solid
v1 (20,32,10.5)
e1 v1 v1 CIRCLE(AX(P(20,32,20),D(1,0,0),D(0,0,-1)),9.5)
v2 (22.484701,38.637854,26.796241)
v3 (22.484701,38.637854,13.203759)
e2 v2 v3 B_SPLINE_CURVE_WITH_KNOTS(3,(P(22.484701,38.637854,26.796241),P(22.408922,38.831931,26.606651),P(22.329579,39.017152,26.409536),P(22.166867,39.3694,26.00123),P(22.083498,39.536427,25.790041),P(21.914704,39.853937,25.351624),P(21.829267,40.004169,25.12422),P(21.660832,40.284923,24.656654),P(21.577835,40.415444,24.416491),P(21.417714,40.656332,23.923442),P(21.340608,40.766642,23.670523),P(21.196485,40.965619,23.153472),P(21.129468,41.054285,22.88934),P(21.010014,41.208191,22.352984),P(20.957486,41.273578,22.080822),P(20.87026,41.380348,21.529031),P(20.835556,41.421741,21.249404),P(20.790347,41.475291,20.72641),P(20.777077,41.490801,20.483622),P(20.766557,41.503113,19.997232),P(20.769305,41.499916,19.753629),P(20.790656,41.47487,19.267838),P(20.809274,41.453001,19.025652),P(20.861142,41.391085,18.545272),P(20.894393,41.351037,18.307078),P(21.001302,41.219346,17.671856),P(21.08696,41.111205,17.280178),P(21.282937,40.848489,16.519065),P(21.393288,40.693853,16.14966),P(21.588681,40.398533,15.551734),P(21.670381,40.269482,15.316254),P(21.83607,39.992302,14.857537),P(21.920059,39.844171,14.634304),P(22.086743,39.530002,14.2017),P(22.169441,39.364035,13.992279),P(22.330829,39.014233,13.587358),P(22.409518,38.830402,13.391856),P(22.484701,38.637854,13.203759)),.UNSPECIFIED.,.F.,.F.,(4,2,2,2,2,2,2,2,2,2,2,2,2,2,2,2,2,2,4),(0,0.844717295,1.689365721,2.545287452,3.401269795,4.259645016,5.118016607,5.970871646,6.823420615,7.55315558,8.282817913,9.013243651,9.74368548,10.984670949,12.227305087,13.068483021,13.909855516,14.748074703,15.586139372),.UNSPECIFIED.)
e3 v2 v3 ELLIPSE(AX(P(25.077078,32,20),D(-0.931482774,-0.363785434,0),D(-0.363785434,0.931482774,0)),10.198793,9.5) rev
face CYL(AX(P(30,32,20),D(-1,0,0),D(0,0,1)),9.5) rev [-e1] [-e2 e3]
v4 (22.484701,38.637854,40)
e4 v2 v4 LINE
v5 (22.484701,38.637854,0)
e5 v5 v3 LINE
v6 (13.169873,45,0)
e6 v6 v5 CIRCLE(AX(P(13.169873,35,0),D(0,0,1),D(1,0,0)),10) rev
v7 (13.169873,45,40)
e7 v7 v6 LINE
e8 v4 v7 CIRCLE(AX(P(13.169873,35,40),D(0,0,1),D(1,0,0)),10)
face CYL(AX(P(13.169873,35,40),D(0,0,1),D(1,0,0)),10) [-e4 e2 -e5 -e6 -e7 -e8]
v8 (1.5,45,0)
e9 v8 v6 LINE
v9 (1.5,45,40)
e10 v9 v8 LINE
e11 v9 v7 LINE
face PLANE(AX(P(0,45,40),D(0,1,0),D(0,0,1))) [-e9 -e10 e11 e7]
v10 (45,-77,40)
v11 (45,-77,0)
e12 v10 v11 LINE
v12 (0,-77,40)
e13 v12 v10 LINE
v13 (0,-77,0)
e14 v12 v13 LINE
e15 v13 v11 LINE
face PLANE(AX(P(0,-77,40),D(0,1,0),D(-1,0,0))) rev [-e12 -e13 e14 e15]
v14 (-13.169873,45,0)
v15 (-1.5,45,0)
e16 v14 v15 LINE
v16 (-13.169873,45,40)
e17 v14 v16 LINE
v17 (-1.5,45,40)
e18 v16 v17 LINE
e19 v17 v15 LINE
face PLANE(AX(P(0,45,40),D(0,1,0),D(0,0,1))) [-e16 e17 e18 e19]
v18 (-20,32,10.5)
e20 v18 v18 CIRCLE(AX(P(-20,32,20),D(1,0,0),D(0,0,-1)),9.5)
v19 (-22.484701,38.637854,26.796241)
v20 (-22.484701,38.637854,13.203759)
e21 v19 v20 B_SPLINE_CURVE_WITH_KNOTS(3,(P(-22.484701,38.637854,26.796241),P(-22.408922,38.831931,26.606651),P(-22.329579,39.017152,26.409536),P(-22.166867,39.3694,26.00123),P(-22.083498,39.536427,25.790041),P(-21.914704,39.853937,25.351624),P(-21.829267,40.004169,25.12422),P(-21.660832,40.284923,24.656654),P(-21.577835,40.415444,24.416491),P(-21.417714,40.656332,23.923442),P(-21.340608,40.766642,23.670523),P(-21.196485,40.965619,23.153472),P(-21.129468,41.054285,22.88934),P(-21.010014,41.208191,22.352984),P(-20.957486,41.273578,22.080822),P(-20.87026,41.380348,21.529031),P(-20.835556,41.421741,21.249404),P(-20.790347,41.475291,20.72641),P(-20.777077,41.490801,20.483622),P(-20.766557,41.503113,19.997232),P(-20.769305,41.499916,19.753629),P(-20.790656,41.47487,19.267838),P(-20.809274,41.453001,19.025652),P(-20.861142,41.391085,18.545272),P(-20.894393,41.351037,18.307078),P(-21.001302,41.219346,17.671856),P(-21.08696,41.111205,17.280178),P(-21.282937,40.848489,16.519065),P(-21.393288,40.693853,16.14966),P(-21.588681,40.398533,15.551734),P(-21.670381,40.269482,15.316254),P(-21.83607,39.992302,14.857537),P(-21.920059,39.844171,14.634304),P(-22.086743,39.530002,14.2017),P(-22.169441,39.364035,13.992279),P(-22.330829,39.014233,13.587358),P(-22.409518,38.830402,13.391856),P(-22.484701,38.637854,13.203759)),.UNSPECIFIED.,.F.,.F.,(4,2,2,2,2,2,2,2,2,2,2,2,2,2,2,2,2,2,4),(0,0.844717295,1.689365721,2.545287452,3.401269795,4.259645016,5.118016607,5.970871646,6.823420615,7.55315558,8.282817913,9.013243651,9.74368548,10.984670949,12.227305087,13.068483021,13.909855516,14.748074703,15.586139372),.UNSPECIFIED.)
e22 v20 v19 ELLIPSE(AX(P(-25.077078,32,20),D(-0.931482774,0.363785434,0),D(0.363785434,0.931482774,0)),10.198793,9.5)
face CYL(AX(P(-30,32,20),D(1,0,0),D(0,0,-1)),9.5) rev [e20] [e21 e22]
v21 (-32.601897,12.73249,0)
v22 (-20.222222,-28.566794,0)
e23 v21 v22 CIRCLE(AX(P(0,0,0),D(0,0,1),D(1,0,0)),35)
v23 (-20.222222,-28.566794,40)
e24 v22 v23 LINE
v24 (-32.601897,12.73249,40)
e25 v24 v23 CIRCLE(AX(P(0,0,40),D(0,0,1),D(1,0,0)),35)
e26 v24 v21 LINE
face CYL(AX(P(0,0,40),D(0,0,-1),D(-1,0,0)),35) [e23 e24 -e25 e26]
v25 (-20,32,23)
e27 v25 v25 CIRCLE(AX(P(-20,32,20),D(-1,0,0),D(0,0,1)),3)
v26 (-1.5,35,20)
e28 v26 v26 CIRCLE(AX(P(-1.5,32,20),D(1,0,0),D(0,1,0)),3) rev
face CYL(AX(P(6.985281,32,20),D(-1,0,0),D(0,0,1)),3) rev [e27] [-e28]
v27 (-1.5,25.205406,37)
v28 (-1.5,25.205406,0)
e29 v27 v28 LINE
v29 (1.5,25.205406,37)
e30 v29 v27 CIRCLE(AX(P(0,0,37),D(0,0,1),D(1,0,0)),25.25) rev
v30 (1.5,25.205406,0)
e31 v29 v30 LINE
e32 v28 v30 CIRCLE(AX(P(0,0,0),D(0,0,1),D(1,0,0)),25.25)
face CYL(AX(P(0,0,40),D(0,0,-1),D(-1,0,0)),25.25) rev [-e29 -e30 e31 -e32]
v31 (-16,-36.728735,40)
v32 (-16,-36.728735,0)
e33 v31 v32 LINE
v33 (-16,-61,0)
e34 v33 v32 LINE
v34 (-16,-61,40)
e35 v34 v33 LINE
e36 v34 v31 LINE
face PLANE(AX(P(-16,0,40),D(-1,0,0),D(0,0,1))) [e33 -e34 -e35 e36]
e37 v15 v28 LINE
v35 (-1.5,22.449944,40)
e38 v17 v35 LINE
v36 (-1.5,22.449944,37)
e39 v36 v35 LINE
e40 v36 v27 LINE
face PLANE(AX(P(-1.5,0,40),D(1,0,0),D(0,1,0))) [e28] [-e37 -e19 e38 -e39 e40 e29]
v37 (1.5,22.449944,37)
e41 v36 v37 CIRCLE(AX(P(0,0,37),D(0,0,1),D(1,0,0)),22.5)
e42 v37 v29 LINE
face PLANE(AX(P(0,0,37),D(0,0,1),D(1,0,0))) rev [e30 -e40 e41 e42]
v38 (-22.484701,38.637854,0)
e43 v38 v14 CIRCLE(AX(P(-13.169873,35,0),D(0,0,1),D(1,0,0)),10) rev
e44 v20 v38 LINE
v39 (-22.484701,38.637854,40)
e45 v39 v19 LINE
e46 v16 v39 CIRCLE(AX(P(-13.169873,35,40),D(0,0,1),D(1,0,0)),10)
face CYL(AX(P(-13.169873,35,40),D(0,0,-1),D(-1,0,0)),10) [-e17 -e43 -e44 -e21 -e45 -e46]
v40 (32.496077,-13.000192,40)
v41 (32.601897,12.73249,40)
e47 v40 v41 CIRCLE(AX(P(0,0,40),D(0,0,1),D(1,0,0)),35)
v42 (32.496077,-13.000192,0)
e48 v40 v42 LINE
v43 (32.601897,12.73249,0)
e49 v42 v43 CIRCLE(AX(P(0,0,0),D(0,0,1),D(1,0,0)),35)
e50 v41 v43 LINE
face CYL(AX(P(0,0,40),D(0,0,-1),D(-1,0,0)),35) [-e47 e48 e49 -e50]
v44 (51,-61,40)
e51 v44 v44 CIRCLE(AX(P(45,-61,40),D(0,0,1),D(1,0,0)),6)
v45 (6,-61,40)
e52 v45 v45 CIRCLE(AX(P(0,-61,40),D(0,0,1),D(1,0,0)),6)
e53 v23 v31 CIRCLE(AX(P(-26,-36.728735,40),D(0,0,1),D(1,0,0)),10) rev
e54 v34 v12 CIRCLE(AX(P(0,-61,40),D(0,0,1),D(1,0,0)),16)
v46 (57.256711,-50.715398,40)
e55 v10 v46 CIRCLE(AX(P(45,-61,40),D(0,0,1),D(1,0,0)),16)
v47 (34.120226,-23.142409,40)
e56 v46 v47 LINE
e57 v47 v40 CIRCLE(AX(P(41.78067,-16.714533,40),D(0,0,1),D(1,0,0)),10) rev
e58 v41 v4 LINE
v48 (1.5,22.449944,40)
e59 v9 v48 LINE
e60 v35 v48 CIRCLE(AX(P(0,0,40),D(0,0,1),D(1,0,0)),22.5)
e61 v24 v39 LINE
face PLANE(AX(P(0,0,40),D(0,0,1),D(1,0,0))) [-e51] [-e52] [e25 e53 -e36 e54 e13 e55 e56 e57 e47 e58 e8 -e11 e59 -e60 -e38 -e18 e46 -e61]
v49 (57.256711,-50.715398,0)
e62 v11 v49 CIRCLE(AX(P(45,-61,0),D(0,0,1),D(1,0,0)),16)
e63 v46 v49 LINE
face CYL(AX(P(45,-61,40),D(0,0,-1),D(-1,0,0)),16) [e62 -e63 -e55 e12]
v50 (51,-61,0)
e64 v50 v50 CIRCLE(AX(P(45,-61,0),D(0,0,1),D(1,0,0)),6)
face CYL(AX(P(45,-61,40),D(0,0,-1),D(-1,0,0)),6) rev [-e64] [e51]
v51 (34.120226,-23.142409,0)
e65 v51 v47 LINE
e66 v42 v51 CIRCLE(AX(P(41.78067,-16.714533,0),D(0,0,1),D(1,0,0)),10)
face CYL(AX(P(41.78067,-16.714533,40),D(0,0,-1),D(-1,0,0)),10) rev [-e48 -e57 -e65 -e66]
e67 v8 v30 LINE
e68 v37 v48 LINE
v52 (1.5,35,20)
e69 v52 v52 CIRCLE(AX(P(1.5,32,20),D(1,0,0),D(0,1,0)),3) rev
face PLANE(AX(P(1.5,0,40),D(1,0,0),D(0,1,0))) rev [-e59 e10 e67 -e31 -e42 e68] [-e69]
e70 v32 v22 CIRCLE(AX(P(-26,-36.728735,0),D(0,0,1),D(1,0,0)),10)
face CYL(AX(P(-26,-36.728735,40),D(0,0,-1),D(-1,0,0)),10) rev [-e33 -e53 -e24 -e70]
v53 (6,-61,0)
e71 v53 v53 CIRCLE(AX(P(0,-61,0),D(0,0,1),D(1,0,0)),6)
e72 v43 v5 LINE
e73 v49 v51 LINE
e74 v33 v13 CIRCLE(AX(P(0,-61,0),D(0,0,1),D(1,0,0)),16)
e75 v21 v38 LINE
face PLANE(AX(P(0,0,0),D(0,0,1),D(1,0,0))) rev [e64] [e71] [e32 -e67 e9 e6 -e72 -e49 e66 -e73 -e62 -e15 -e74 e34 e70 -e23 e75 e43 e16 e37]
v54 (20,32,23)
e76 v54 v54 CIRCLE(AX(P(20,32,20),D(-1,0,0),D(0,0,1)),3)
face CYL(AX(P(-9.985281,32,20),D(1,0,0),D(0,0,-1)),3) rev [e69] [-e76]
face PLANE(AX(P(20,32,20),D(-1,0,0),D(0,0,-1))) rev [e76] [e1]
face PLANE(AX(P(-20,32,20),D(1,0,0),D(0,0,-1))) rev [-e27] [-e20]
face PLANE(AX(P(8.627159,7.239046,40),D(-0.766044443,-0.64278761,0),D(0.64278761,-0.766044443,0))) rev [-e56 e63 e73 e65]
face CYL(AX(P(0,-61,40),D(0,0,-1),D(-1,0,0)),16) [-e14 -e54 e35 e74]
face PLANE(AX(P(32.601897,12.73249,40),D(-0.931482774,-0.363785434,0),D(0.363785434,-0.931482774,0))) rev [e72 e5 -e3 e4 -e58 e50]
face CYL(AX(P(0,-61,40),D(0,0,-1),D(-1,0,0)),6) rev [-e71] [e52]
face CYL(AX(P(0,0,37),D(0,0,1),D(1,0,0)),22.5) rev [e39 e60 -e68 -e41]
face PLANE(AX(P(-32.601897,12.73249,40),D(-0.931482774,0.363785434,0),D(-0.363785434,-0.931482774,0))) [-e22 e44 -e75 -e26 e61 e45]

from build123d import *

# Parameters (mm, degrees)
SKETCH1_R           = 6
BOSS_EXTRUDE3_DEPTH = 40
FILLET2_R           = 10
SKETCH5_R           = 9.5
CUT_EXTRUDE1_DEPTH  = 10
SKETCH6_R           = 3
CUT_EXTRUDE2_DEPTH  = 21.5
BOSS_EXTRUDE4_START = -3
BOSS_EXTRUDE4_DEPTH = 3


with BuildPart() as part:
    # Sketch1 → Boss-Extrude3 (new body)
    with BuildSketch(Plane.XY):
        with BuildLine():
            Line((-16, -31.128764833), (-16, -61))
            ThreePointArc((-16, -61), (-11.313708499, -72.313708499), (0, -77))
            Line((0, -77), (45, -77))
            ThreePointArc((45, -77), (59.500924593, -67.761892188), (57.25671109, -50.715398245))
            Line((57.25671109, -50.715398245), (29.928255065, -18.146612597))
            ThreePointArc((29.928255065, -18.146612597), (34.869538701, -3.019150675), (32.601897088, 12.732490183))
            Line((32.601897088, 12.732490183), (20, 45))
            Line((20, 45), (1.5, 45))
            Line((1.5, 45), (1.5, 25.205406166))
            ThreePointArc((1.5, 25.205406166), (0, -25.25), (-1.5, 25.205406166))
            Line((-1.5, 25.205406166), (-1.5, 45))
            Line((-1.5, 45), (-20, 45))
            Line((-20, 45), (-32.601897088, 12.732490183))
            ThreePointArc((-32.601897088, 12.732490183), (-32.733599298, -12.389974858), (-16, -31.128764833))
        make_face()
        with Locations((0, -61)):
            Circle(SKETCH1_R, mode=Mode.SUBTRACT)
        with Locations((45, -61)):
            Circle(SKETCH1_R, mode=Mode.SUBTRACT)
    extrude(amount=BOSS_EXTRUDE3_DEPTH)

    # Fillet2
    fillet2_edges = [part.edges().sort_by_distance(p)[0] for p in [
        (-20, 45, 20),
        (20, 45, 20),
        (29.928255065, -18.146612597, 20),
        (-16, -31.128764833, 20),
    ]]
    fillet(fillet2_edges, radius=FILLET2_R)

    # Sketch5 → Cut-Extrude1 (cut)
    with BuildSketch(Plane(origin=(-20, 0, 0), x_dir=(0, 0, -1), z_dir=(1, 0, 0))):
        with Locations((-20, 32)):
            Circle(SKETCH5_R)
    cut_extrude1 = extrude(amount=-CUT_EXTRUDE1_DEPTH, mode=Mode.SUBTRACT)

    # Sketch6 → Cut-Extrude2 (cut)
    with BuildSketch(Plane.ZY.offset(20)):
        with Locations((20, 32)):
            Circle(SKETCH6_R)
    cut_extrude2 = extrude(amount=-CUT_EXTRUDE2_DEPTH, mode=Mode.SUBTRACT)

    # Mirror3: Cut-Extrude1, Cut-Extrude2 across plane
    add(cut_extrude1.mirror(Plane(origin=(0, 0, 0), x_dir=(0, 0, 1), z_dir=(1, 0, 0))), mode=Mode.SUBTRACT)
    add(cut_extrude2.mirror(Plane(origin=(0, 0, 0), x_dir=(0, 0, 1), z_dir=(1, 0, 0))), mode=Mode.SUBTRACT)

    # Sketch7 → Boss-Extrude4 (add)
    with BuildSketch(Plane.XY.offset(40).offset(BOSS_EXTRUDE4_START)):
        with BuildLine():
            ThreePointArc((22.5, 0), (-15.370426149, -16.431676725), (-1.5, 22.449944321))
            Line((-1.5, 22.449944321), (-1.5, 25.205406166))
            ThreePointArc((-1.5, 25.205406166), (-17.315996939, -18.377125727), (25.25, 0))
            ThreePointArc((25.25, 0), (18.377125727, 17.315996939), (1.5, 25.205406166))
            Line((1.5, 25.205406166), (1.5, 22.449944321))
            ThreePointArc((1.5, 22.449944321), (16.431676725, 15.370426149), (22.5, 0))
        make_face()
    extrude(amount=BOSS_EXTRUDE4_DEPTH)


solid = part.part
